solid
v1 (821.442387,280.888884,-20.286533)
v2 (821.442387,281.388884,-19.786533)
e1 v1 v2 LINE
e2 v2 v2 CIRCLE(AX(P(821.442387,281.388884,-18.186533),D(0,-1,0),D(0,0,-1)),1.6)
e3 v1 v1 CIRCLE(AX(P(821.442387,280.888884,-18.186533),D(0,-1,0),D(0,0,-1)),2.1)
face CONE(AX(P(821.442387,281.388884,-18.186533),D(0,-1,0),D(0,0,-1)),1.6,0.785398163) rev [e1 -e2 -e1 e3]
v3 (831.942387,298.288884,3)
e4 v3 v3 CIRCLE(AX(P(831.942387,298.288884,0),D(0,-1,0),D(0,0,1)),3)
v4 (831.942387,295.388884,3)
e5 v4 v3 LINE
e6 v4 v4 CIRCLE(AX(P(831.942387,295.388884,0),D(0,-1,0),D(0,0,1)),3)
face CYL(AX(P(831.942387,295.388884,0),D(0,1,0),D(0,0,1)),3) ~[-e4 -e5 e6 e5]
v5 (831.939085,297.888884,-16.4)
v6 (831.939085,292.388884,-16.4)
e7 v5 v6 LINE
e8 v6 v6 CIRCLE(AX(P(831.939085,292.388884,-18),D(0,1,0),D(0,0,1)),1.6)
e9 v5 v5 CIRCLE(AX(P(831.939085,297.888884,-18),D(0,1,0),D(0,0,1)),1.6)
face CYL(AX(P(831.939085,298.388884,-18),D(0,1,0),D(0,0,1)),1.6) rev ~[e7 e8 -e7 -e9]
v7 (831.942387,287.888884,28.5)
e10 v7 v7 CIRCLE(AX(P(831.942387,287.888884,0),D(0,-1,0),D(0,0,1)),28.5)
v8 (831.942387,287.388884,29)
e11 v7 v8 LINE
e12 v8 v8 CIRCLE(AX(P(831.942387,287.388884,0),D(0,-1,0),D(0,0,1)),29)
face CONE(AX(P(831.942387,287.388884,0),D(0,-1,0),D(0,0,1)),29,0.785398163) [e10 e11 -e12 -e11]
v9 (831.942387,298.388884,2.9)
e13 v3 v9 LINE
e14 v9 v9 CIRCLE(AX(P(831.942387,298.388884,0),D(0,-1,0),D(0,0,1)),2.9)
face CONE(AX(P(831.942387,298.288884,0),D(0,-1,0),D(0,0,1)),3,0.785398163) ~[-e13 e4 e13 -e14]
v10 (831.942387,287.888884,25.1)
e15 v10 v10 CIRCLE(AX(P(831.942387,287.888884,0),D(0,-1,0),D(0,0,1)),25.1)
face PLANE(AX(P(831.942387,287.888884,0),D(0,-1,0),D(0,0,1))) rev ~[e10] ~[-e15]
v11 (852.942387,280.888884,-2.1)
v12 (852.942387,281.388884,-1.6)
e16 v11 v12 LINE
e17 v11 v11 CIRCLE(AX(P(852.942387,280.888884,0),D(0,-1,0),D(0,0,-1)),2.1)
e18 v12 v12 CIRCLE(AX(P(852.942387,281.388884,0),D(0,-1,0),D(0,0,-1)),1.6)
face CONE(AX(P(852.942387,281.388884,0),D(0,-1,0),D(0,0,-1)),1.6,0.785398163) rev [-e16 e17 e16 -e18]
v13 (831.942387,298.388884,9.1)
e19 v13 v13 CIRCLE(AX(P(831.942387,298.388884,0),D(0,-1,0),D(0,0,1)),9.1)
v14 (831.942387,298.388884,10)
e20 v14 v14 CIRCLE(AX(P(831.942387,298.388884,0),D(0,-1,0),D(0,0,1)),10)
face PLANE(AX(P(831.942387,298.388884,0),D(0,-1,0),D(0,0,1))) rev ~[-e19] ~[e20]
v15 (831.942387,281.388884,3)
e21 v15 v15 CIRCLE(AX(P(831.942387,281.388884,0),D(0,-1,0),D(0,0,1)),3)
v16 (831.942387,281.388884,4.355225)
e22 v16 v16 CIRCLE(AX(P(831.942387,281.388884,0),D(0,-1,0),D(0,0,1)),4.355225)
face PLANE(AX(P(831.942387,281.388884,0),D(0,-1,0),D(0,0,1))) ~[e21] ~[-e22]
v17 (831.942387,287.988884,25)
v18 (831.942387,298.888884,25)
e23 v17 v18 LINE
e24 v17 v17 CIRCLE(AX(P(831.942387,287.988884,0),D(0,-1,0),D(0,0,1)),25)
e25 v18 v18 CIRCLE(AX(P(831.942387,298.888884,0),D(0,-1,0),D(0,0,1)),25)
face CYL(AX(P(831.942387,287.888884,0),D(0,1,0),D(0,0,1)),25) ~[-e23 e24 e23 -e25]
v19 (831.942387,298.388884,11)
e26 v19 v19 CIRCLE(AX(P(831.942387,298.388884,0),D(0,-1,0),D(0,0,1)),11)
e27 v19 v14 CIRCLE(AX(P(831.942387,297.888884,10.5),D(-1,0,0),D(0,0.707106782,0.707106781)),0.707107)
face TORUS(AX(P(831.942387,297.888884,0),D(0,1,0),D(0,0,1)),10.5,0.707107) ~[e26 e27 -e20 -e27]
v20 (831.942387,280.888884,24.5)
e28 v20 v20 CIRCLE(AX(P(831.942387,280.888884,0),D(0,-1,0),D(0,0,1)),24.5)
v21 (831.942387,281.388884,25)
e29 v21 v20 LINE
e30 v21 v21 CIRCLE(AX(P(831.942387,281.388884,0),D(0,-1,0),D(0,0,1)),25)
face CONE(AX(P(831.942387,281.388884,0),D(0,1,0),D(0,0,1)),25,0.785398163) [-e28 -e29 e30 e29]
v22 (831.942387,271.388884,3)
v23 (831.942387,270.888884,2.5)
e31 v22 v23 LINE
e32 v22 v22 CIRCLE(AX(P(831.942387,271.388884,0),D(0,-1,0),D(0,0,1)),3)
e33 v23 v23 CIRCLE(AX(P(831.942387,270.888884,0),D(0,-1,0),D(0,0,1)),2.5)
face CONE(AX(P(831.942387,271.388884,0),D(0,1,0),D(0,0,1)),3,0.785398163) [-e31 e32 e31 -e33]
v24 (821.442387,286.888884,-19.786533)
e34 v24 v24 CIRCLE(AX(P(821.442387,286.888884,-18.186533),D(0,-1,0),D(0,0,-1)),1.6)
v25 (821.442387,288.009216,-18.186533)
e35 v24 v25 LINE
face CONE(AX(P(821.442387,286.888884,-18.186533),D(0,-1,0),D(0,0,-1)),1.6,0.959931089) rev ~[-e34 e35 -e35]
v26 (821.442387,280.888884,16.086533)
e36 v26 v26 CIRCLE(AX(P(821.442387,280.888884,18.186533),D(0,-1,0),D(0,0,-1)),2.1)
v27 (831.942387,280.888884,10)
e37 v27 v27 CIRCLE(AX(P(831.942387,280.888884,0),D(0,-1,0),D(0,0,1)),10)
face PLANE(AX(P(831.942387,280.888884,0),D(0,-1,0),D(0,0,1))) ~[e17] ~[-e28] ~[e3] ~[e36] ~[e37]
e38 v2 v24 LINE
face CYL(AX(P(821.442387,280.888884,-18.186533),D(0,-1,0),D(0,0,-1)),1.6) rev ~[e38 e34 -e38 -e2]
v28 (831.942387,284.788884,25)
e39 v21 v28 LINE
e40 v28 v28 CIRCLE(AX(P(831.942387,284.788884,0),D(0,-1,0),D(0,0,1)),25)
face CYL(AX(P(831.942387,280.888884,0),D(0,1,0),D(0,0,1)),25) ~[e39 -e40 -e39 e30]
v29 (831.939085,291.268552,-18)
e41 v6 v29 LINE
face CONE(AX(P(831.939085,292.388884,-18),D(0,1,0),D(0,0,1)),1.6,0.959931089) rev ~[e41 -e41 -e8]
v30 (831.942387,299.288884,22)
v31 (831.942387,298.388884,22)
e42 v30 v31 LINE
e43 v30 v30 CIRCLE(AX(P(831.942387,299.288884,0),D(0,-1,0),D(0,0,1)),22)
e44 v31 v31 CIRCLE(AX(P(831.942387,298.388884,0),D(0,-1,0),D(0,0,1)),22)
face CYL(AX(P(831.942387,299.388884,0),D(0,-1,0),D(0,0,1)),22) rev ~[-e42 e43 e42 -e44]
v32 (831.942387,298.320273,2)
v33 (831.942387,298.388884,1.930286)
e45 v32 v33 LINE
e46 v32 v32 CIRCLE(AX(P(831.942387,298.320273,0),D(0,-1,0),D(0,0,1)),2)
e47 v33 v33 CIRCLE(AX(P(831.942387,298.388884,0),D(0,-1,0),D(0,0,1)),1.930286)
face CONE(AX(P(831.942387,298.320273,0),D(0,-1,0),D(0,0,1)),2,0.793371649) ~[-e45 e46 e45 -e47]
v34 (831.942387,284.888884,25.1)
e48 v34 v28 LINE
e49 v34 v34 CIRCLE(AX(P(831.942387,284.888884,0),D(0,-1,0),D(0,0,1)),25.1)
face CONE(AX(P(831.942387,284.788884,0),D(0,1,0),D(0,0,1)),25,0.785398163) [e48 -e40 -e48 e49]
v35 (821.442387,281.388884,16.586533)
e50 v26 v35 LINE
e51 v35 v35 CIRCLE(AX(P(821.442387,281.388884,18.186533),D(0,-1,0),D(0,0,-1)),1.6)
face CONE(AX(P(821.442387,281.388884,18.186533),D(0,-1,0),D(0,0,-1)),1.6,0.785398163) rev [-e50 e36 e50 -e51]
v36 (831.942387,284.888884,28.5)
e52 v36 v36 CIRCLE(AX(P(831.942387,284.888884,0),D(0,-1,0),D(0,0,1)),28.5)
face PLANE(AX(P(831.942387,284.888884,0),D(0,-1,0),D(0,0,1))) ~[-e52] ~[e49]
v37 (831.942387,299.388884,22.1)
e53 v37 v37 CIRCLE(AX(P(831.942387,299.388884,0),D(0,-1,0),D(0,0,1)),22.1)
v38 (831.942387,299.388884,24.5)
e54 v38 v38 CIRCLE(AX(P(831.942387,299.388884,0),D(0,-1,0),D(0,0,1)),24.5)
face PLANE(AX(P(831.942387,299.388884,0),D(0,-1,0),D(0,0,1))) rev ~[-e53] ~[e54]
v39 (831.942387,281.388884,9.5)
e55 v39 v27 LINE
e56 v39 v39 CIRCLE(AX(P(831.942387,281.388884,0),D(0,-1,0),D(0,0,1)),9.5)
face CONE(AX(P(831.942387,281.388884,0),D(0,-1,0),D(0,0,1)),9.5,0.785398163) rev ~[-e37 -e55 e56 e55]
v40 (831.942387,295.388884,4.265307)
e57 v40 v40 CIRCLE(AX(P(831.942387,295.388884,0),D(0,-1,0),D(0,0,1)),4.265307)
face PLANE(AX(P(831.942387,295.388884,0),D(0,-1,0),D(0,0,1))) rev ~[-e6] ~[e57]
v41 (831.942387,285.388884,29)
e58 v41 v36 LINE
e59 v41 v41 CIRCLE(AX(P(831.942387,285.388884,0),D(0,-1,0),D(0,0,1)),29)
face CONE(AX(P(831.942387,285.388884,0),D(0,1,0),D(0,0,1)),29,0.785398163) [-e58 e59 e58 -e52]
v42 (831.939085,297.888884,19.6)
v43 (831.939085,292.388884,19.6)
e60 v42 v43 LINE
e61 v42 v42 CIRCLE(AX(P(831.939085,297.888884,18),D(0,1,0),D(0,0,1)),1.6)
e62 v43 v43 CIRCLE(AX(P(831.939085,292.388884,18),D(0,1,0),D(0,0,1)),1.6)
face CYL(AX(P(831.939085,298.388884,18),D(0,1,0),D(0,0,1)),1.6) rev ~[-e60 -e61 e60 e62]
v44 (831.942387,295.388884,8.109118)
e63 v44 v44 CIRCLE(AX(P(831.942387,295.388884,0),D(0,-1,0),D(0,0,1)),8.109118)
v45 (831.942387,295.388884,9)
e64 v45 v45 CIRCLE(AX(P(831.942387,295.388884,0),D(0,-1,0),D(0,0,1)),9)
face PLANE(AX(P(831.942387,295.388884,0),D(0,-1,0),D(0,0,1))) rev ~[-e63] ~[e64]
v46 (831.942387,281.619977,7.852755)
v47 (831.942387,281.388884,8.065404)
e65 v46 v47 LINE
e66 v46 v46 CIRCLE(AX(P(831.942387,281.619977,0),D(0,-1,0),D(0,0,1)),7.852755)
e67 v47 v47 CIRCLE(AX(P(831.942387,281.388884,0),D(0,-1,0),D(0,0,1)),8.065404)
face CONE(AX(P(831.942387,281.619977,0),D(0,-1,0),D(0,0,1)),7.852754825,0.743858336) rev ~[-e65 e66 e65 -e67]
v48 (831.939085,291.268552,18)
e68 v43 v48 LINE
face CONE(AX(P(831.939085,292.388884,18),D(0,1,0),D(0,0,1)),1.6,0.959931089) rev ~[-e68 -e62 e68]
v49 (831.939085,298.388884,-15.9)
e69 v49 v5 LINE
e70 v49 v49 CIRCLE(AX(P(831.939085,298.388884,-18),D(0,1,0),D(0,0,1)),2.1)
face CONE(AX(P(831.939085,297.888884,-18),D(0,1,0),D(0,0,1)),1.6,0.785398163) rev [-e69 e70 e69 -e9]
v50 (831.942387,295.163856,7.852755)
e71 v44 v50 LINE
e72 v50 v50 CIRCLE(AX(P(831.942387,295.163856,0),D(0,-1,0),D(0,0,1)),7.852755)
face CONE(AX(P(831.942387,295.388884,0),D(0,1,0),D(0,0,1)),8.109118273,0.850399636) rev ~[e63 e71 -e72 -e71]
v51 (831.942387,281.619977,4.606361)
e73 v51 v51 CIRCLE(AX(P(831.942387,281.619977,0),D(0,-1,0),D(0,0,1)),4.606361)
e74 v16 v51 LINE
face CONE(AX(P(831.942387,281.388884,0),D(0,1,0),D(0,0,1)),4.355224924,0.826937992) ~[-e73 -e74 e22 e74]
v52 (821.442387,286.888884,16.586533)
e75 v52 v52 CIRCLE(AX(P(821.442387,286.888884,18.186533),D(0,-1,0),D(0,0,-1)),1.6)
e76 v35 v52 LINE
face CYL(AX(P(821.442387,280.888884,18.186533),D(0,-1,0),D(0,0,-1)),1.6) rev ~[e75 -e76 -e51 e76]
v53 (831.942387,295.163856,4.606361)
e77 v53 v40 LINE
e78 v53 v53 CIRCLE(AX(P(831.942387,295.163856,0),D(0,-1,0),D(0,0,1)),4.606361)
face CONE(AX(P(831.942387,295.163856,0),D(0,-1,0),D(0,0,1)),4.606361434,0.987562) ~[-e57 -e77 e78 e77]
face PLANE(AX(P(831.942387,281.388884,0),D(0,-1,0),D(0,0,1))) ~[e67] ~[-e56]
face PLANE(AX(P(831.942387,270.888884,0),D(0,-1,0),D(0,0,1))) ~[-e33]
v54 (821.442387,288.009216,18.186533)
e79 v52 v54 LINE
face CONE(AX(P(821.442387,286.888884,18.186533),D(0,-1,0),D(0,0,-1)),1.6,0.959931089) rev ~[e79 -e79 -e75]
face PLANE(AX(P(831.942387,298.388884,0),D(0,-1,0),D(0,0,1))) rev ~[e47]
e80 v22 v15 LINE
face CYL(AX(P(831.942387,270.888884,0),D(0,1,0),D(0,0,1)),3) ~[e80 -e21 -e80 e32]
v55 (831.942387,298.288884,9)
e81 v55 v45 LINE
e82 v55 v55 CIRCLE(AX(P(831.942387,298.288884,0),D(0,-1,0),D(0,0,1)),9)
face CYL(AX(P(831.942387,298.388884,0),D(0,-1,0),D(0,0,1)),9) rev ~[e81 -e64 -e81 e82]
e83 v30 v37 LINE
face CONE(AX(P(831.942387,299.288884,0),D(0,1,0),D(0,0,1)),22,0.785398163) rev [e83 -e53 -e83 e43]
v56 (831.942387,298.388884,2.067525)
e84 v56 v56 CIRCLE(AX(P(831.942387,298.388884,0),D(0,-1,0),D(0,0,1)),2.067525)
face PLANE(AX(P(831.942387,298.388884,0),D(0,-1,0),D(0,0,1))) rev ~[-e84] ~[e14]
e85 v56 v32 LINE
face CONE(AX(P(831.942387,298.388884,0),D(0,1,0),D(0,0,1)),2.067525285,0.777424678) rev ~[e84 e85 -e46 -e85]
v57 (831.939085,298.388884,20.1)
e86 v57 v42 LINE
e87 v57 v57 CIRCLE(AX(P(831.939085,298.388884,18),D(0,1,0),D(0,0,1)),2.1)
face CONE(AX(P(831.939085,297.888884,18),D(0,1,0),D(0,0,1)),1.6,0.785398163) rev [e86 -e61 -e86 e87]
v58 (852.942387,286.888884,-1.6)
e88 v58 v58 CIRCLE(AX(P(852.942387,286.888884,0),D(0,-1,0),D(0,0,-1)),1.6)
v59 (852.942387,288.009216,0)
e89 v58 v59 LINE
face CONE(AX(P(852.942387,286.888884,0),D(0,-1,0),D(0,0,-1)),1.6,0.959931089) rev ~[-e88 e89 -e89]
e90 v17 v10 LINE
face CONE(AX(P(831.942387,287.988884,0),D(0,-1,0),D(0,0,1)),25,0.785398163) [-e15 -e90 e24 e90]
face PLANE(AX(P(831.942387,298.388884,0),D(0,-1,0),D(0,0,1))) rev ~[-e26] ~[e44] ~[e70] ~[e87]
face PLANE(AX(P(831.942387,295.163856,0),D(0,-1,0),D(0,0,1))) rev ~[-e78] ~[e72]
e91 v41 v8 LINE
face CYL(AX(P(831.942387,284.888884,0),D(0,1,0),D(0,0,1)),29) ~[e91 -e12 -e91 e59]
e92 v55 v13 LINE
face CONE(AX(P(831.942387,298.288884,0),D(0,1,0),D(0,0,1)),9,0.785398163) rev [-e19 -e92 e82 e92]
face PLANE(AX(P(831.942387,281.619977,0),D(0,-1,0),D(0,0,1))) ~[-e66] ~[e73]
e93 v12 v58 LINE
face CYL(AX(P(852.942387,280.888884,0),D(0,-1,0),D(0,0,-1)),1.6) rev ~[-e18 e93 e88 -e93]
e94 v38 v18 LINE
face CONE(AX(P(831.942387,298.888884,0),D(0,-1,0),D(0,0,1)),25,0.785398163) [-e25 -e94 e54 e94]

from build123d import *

# Parameters (mm, degrees)
SKETCH2_R          = 1.6
CUT_EXTRUDE1_DEPTH = 6
SKETCH4_R          = 1.6
CUT_EXTRUDE2_DEPTH = 6
CHAMFER3_SIZE      = 0.1
CHAMFER1_SIZE      = 0.5


with BuildPart() as part:
    # Sketch1 → Revolve4 (revolve)
    with BuildSketch(Plane.XY, mode=Mode.PRIVATE) as revolve4_sk:
        with BuildLine():
            Line((840.942387276, 295.38888375), (840.051505549, 295.38888375))
            Line((840.051505549, 295.38888375), (839.795142101, 295.163855609))
            Line((839.795142101, 295.163855609), (836.54874871, 295.163855609))
            Line((836.54874871, 295.163855609), (836.207694111, 295.38888375))
            Line((836.207694111, 295.38888375), (834.942387276, 295.38888375))
            Line((834.942387276, 295.38888375), (834.942387276, 298.38888375))
            Line((834.942387276, 298.38888375), (834.009912561, 298.38888375))
            Line((834.009912561, 298.38888375), (833.942387276, 298.320272963))
            Line((833.942387276, 298.320272963), (833.872673537, 298.38888375))
            Line((833.872673537, 298.38888375), (831.942387276, 298.38888375))
            Line((831.942387276, 298.38888375), (831.942387276, 270.88888375))
            Line((831.942387276, 270.88888375), (834.942387276, 270.88888375))
            Line((834.942387276, 270.88888375), (834.942387276, 281.38888375))
            Line((834.942387276, 281.38888375), (836.2976122, 281.38888375))
            Line((836.2976122, 281.38888375), (836.54874871, 281.619976989))
            Line((836.54874871, 281.619976989), (839.795142101, 281.619976989))
            Line((839.795142101, 281.619976989), (840.007791728, 281.38888375))
            Line((840.007791728, 281.38888375), (841.442387276, 281.38888375))
            Line((841.442387276, 281.38888375), (841.942387276, 280.88888375))
            Line((841.942387276, 280.88888375), (856.942387276, 280.88888375))
            Line((856.942387276, 280.88888375), (856.942387276, 284.88888375))
            Line((856.942387276, 284.88888375), (860.942387276, 284.88888375))
            Line((860.942387276, 284.88888375), (860.942387276, 287.88888375))
            Line((860.942387276, 287.88888375), (856.942387276, 287.88888375))
            Line((856.942387276, 287.88888375), (856.942387276, 299.38888375))
            Line((856.942387276, 299.38888375), (853.942387276, 299.38888375))
            Line((853.942387276, 299.38888375), (853.942387276, 298.38888375))
            Line((853.942387276, 298.38888375), (842.942387276, 298.38888375))
            ThreePointArc((842.942387276, 298.38888375), (842.442387276, 298.595990531), (841.942387276, 298.38888375))
            Line((841.942387276, 298.38888375), (840.942387276, 298.38888375))
            Line((840.942387276, 298.38888375), (840.942387276, 295.38888375))
        make_face()
    revolve(revolve4_sk.sketch.rotate(Axis((831.942387276, 300.670444461, 0), (0, -1, 0)), 90), axis=Axis((831.942387276, 300.670444461, 0), (0, -1, 0)))

    # Sketch2 → Cut-Extrude1 (cut)
    with BuildSketch(Plane(origin=(0, 298.38888375, 0), x_dir=(-1, 0, 0), z_dir=(0, 1, 0))):
        with Locations(Location((-831.939085095, 17.999999697, 0), (0, 0, 90))):
            Circle(SKETCH2_R)
        with Locations(Location((-831.939085095, -17.999999697, 0), (0, 0, 90))):
            Circle(SKETCH2_R)
    extrude(amount=-CUT_EXTRUDE1_DEPTH, mode=Mode.SUBTRACT)

    # Sketch4 → Cut-Extrude2 (cut)
    with BuildSketch(Plane.XZ.offset(-280.88888375)):
        with Locations(Location((852.942387276, 0, 0), (0, 0, 270))):
            Circle(SKETCH4_R)
        with Locations(Location((821.442387276, -18.186533479, 0), (0, 0, 270))):
            Circle(SKETCH4_R)
        with Locations(Location((821.442387276, 18.186533479, 0), (0, 0, 270))):
            Circle(SKETCH4_R)
    extrude(amount=-CUT_EXTRUDE2_DEPTH, mode=Mode.SUBTRACT)

    # Cut-Extrude3 cone 1 section (through the dimple's axis) → Cut-Extrude3 (revolve, cut)
    with BuildSketch(Plane(origin=(831.939085095, 292.38888375, 17.999999697), x_dir=(0, 0, 1), z_dir=(1, 0, 0))):
        Polygon((0, 0), (1.6, 0), (0, 1.120332061), align=None)
    revolve(axis=Axis((831.939085095, 292.38888375, 17.999999697), (0, -1, 0)), mode=Mode.SUBTRACT)

    # Cut-Extrude3 cone 2 section (through the dimple's axis) → Cut-Extrude3 cone 2 (revolve, cut)
    with BuildSketch(Plane(origin=(831.939085095, 292.38888375, -17.999999697), x_dir=(0, 0, 1), z_dir=(1, 0, 0))):
        Polygon((0, 0), (1.6, 0), (0, 1.120332061), align=None)
    revolve(axis=Axis((831.939085095, 292.38888375, -17.999999697), (0, -1, 0)), mode=Mode.SUBTRACT)

    # Cut-Extrude4 cone 1 section (through the dimple's axis) → Cut-Extrude4 (revolve, cut)
    with BuildSketch(Plane(origin=(821.442387276, 286.88888375, 18.186533479), x_dir=(0, 0, -1), z_dir=(1, 0, 0))):
        Polygon((0, 0), (1.6, 0), (0, 1.120332061), align=None)
    revolve(axis=Axis((821.442387276, 286.88888375, 18.186533479), (0, 1, 0)), mode=Mode.SUBTRACT)

    # Cut-Extrude4 cone 2 section (through the dimple's axis) → Cut-Extrude4 cone 2 (revolve, cut)
    with BuildSketch(Plane(origin=(821.442387276, 286.88888375, -18.186533479), x_dir=(0, 0, -1), z_dir=(1, 0, 0))):
        Polygon((0, 0), (1.6, 0), (0, 1.120332061), align=None)
    revolve(axis=Axis((821.442387276, 286.88888375, -18.186533479), (0, 1, 0)), mode=Mode.SUBTRACT)

    # Cut-Extrude4 cone 3 section (through the dimple's axis) → Cut-Extrude4 cone 3 (revolve, cut)
    with BuildSketch(Plane(origin=(852.942387276, 286.88888375, 0), x_dir=(0, 0, -1), z_dir=(1, 0, 0))):
        Polygon((0, 0), (1.6, 0), (0, 1.120332061), align=None)
    revolve(axis=Axis((852.942387276, 286.88888375, 0), (0, 1, 0)), mode=Mode.SUBTRACT)

    # Chamfer3
    chamfer3_edges = [part.edges().sort_by_distance(p)[0] for p in [
        (831.942387276, 298.38888375, -3),
        (831.942387276, 284.88888375, -25),
        (831.942387276, 287.88888375, -25),
        (831.942387276, 299.38888375, -22),
        (831.942387276, 298.38888375, -9),
    ]]
    chamfer(chamfer3_edges, length=CHAMFER3_SIZE)

    # Chamfer1
    chamfer1_edges = [part.edges().sort_by_distance(p)[0] for p in [
        (831.942387276, 270.88888375, -3),
        (831.942387276, 280.88888375, -25),
        (831.942387276, 284.88888375, -29),
        (831.942387276, 287.88888375, -29),
        (831.942387276, 299.38888375, -25),
        (831.939085095, 298.38888375, 16.399999697),
        (831.939085095, 298.38888375, -19.599999697),
        (852.942387276, 280.88888375, 1.6),
        (821.442387276, 280.88888375, -16.586533479),
        (821.442387276, 280.88888375, 19.786533479),
    ]]
    chamfer(chamfer1_edges, length=CHAMFER1_SIZE)


solid = part.part
